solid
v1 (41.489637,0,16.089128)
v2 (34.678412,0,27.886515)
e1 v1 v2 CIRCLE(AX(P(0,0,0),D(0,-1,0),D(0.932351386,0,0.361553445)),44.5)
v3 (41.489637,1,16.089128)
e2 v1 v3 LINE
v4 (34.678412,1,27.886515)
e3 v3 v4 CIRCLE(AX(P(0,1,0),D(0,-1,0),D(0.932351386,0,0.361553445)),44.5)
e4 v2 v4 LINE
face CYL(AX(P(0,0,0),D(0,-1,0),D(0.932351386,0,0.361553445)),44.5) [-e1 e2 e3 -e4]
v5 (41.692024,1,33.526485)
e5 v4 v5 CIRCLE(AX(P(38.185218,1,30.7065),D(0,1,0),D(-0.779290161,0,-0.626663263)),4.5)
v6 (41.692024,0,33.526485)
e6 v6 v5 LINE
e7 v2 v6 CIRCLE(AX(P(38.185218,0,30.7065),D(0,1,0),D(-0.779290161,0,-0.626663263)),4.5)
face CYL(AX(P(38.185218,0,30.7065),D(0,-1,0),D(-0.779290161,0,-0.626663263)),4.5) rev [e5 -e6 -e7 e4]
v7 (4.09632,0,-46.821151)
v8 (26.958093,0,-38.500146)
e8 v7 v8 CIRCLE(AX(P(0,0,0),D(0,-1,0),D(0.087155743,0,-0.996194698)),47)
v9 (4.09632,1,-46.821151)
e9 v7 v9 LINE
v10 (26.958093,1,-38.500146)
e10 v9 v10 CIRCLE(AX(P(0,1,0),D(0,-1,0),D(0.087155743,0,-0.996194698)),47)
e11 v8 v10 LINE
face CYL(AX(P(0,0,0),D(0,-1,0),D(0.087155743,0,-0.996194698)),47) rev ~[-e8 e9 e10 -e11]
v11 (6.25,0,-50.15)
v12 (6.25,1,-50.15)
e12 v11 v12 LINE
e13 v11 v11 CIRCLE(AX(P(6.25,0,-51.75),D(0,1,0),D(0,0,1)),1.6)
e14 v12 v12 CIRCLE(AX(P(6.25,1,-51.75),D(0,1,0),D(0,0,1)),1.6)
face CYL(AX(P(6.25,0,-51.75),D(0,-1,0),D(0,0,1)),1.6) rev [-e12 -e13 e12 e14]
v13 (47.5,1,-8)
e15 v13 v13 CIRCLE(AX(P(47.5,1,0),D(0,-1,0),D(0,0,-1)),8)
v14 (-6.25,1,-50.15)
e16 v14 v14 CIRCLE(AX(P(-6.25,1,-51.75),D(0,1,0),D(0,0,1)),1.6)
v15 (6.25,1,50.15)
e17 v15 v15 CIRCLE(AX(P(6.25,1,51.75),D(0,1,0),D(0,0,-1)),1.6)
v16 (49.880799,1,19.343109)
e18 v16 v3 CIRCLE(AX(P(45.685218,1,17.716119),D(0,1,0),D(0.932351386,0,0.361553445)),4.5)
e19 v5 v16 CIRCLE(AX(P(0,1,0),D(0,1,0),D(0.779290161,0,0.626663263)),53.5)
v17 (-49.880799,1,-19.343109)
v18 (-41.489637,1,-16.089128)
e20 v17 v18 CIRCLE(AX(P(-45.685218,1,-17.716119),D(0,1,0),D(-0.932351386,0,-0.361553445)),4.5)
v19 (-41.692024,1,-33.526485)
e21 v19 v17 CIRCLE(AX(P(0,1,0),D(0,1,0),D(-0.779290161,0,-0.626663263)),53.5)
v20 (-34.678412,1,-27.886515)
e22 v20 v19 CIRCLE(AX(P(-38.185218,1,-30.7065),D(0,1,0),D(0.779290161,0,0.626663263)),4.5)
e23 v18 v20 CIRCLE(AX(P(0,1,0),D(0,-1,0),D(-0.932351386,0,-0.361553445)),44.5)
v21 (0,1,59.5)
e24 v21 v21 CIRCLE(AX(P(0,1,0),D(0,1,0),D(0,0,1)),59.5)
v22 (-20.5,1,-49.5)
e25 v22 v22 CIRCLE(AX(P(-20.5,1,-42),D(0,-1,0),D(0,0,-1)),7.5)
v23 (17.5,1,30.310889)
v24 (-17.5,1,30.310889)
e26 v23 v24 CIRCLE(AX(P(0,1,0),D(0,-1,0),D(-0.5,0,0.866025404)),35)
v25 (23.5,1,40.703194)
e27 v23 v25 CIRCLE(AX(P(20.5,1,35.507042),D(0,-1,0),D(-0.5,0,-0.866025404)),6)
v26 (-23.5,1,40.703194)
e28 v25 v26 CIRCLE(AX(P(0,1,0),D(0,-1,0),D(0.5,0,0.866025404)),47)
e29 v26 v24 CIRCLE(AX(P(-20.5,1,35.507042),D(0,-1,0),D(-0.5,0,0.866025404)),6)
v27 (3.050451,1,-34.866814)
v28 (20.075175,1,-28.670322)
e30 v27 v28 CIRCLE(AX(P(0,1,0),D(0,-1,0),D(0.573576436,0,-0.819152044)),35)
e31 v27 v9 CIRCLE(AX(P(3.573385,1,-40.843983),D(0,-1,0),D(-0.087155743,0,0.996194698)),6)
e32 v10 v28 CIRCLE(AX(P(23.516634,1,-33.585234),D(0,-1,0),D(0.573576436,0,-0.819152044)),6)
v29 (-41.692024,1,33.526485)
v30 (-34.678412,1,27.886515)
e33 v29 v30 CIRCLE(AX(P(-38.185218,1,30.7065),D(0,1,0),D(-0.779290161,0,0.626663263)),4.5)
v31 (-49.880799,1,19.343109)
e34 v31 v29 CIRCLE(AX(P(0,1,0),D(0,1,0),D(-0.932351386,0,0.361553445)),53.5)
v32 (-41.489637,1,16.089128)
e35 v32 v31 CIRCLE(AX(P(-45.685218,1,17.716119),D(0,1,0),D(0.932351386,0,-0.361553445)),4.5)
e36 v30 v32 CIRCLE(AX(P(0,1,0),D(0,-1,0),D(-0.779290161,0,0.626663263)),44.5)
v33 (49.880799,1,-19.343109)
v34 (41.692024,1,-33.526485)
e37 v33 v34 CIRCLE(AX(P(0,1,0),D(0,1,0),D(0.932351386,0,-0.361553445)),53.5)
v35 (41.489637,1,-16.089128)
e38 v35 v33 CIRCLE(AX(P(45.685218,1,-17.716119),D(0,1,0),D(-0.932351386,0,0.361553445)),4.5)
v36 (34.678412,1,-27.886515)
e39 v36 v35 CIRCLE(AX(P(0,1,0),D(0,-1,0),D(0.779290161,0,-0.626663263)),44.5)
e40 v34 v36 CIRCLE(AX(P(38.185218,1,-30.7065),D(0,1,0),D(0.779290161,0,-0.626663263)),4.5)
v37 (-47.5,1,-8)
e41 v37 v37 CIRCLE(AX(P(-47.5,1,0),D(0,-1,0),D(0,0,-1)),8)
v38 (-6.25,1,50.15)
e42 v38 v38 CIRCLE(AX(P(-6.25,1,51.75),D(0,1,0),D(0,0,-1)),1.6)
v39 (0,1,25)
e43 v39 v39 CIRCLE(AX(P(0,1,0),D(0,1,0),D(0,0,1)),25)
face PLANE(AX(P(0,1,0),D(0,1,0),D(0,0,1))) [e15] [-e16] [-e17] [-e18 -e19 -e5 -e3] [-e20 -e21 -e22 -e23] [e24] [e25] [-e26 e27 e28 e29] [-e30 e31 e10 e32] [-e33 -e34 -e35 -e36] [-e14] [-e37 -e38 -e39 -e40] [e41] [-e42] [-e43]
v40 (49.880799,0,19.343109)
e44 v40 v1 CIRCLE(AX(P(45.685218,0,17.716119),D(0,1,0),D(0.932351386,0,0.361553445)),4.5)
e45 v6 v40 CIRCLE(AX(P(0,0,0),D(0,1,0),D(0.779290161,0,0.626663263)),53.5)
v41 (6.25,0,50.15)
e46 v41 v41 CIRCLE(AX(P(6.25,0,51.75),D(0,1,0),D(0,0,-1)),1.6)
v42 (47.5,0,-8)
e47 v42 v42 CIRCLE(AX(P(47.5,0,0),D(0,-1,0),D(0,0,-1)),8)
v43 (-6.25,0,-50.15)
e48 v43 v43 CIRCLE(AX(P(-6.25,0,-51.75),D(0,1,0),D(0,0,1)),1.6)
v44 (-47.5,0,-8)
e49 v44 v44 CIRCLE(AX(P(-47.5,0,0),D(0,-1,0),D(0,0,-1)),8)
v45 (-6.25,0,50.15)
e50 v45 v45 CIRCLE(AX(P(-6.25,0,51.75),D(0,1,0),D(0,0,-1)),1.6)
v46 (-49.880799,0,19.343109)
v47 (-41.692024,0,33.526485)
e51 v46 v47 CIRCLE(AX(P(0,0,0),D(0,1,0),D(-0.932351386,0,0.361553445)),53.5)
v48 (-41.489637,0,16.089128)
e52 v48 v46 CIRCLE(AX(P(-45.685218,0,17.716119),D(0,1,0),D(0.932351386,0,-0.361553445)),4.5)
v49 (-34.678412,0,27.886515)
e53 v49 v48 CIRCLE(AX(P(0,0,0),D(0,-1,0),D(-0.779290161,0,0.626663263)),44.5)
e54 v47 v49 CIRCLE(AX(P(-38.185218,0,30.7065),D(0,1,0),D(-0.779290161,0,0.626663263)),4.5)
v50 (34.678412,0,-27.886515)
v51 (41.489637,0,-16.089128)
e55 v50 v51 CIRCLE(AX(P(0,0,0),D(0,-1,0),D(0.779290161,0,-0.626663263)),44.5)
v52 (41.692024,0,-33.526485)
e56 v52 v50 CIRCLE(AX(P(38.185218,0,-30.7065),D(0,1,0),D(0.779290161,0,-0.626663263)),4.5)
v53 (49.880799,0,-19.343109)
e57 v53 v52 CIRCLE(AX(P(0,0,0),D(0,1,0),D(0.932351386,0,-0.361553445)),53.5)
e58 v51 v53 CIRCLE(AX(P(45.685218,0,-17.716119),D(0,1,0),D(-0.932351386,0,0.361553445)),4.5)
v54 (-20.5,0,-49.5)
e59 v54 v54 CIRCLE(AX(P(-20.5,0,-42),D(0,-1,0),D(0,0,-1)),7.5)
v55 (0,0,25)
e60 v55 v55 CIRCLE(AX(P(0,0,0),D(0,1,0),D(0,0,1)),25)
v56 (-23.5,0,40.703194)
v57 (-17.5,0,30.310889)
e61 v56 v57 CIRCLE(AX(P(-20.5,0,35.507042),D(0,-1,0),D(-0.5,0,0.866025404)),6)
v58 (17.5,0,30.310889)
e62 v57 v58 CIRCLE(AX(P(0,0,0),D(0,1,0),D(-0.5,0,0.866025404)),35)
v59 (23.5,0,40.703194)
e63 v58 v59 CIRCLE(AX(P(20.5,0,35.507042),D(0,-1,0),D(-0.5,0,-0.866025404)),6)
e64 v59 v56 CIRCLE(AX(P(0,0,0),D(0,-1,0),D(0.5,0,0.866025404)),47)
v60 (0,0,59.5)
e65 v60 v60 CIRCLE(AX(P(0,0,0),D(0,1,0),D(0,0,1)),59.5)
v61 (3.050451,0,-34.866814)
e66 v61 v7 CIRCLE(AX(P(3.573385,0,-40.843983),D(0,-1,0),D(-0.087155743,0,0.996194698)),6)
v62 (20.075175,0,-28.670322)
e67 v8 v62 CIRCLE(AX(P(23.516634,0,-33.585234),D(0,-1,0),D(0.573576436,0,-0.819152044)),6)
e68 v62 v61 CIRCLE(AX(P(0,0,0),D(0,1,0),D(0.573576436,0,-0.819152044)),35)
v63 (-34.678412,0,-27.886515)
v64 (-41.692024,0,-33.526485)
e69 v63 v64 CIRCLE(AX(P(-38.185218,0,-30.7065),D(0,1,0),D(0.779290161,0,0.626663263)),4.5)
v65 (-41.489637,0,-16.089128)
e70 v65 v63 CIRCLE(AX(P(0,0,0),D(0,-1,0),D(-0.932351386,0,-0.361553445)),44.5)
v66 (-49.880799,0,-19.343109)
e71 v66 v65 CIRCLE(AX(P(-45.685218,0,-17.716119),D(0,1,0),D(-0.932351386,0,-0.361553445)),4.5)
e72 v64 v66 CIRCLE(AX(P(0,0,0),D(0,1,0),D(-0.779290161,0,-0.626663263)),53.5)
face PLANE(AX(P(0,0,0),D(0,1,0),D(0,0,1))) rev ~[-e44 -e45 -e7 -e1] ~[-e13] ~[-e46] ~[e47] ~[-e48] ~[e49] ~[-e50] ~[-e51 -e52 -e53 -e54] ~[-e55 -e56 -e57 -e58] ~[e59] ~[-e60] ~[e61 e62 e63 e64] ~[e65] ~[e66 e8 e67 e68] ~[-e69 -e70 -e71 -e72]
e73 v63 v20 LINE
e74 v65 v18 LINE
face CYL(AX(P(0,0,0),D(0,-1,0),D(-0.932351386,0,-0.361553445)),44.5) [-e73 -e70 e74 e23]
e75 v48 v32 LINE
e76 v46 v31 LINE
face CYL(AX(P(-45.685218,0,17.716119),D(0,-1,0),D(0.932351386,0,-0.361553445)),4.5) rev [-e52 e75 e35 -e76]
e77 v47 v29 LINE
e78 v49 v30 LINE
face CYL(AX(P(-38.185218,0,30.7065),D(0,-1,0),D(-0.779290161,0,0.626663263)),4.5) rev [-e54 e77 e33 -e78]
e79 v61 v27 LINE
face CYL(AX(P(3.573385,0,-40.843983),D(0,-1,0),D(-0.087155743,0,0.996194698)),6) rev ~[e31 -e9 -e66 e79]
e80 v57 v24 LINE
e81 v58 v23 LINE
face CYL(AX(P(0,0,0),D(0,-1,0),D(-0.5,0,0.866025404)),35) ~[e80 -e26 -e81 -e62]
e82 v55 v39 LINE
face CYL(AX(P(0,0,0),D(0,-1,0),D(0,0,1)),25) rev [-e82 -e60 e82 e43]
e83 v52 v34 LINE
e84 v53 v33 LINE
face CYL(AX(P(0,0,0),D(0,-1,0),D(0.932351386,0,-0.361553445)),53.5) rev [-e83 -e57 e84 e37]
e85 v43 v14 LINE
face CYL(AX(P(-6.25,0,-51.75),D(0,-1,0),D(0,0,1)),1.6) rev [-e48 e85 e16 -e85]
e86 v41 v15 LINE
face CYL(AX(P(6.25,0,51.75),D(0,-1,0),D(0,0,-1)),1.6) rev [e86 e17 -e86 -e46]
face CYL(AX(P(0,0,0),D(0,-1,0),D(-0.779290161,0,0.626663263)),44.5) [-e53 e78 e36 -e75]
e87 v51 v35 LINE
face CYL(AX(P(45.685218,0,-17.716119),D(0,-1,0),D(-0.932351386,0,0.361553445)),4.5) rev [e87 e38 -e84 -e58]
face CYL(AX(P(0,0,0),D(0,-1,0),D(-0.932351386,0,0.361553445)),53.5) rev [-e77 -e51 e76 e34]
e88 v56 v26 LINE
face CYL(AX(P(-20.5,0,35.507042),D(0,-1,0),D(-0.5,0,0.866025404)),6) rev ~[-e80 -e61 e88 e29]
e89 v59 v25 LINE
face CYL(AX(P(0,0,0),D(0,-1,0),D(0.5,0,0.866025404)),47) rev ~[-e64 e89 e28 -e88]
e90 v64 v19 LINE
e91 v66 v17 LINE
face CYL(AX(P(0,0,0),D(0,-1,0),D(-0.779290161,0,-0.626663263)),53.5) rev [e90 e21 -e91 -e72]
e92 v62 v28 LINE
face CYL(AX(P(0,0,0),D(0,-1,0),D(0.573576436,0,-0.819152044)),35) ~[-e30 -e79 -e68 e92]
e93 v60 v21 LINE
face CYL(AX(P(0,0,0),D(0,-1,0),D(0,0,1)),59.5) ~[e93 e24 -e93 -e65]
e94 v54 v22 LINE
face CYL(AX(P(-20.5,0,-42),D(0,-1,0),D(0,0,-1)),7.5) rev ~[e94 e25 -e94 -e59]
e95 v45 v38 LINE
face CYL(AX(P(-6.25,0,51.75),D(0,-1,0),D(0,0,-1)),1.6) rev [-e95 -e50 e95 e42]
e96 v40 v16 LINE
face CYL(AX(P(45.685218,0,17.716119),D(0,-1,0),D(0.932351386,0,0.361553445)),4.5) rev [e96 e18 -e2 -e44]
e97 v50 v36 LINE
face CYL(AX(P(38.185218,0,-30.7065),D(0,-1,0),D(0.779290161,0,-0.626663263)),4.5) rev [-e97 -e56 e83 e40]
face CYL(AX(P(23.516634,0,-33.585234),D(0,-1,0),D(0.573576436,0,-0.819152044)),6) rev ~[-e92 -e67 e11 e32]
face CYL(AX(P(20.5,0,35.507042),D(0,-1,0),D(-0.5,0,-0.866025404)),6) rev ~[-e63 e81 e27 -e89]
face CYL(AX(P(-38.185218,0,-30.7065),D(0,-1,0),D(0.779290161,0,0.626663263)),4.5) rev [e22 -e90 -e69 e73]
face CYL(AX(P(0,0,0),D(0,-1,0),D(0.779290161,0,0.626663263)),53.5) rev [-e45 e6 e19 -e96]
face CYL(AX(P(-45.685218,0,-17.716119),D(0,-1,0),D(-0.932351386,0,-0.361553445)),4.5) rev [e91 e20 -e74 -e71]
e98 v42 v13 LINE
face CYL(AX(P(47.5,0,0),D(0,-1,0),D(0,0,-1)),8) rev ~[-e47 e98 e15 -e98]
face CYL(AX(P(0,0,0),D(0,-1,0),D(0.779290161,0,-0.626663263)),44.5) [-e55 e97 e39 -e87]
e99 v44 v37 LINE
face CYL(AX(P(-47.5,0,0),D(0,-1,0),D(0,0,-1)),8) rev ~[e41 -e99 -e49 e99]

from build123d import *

# Parameters (mm, degrees)
SKETCH_1_R          = 59.5
SKETCH_1_R_2        = 25
SKETCH_1_R_3        = 1.6
EXTRUDE_1_DEPTH     = 1
SKETCH_2_R          = 8
SKETCH_2_R_2        = 7.5
CUT_EXTRUDE_1_DEPTH = 10


with BuildPart() as part:
    # 草图1 → 凸台-拉伸1 (new body)
    with BuildSketch(Plane(origin=(0, 0, 0), x_dir=(1, 0, 0), z_dir=(0, 1, 0))):
        with Locations(Location((0, 0, 0), (0, 0, 270))):
            Circle(SKETCH_1_R)
        with Locations(Location((0, 0, 0), (0, 0, 270))):
            Circle(SKETCH_1_R_2, mode=Mode.SUBTRACT)
        with Locations(Location((-6.25, 51.75, 0), (0, 0, 270))):
            Circle(SKETCH_1_R_3, mode=Mode.SUBTRACT)
        with Locations(Location((6.25, 51.75, 0), (0, 0, 270))):
            Circle(SKETCH_1_R_3, mode=Mode.SUBTRACT)
        with Locations(Location((6.25, -51.75, 0), (0, 0, 90))):
            Circle(SKETCH_1_R_3, mode=Mode.SUBTRACT)
        with Locations(Location((-6.25, -51.75, 0), (0, 0, 90))):
            Circle(SKETCH_1_R_3, mode=Mode.SUBTRACT)
        with BuildLine():
            ThreePointArc((49.880799132, 19.343109316), (46.332359102, 26.75), (41.692023621, 33.526484551))
            ThreePointArc((41.692023621, 33.526484551), (35.365233214, 34.213305594), (34.678412171, 27.886515187))
            ThreePointArc((34.678412171, 27.886515187), (38.538130468, 22.25), (41.489636661, 16.089128309))
            ThreePointArc((41.489636661, 16.089128309), (47.312208399, 13.520537577), (49.880799132, 19.343109316))
        make_face(mode=Mode.SUBTRACT)
        with BuildLine():
            ThreePointArc((41.692023621, -33.526484551), (46.332359102, -26.75), (49.880799132, -19.343109316))
            ThreePointArc((49.880799132, -19.343109316), (47.312208399, -13.520537577), (41.489636661, -16.089128309))
            ThreePointArc((41.489636661, -16.089128309), (38.538130468, -22.25), (34.678412171, -27.886515187))
            ThreePointArc((34.678412171, -27.886515187), (35.365233214, -34.213305594), (41.692023621, -33.526484551))
        make_face(mode=Mode.SUBTRACT)
        with BuildLine():
            ThreePointArc((-49.880799132, -19.343109316), (-46.332359102, -26.75), (-41.692023621, -33.526484551))
            ThreePointArc((-41.692023621, -33.526484551), (-35.365233214, -34.213305594), (-34.678412171, -27.886515187))
            ThreePointArc((-34.678412171, -27.886515187), (-38.538130468, -22.25), (-41.489636661, -16.089128309))
            ThreePointArc((-41.489636661, -16.089128309), (-47.312208399, -13.520537577), (-49.880799132, -19.343109316))
        make_face(mode=Mode.SUBTRACT)
        with BuildLine():
            ThreePointArc((-41.692023621, 33.526484551), (-46.332359102, 26.75), (-49.880799132, 19.343109316))
            ThreePointArc((-49.880799132, 19.343109316), (-47.312208399, 13.520537577), (-41.489636661, 16.089128309))
            ThreePointArc((-41.489636661, 16.089128309), (-38.538130468, 22.25), (-34.678412171, 27.886515187))
            ThreePointArc((-34.678412171, 27.886515187), (-35.365233214, 34.213305594), (-41.692023621, 33.526484551))
        make_face(mode=Mode.SUBTRACT)
    extrude(amount=EXTRUDE_1_DEPTH)

    # 草图2 → 切除-拉伸1 (cut)
    with BuildSketch(Plane.XZ):
        with Locations(Location((47.5, 0, 0), (0, 0, 270))):
            Circle(SKETCH_2_R)
        with Locations(Location((-47.5, 0, 0), (0, 0, 270))):
            Circle(SKETCH_2_R)
        with Locations(Location((-20.5, -42, 0), (0, 0, 270))):
            Circle(SKETCH_2_R_2)
        with BuildLine():
            ThreePointArc((4.096319909, -46.82115081), (16.074946736, -44.165553177), (26.958092508, -38.500146082))
            ThreePointArc((26.958092508, -38.500146082), (28.431546156, -30.143775198), (20.075175272, -28.67032155))
            ThreePointArc((20.075175272, -28.67032155), (11.970705016, -32.889241728), (3.050450996, -34.866814433))
            ThreePointArc((3.050450996, -34.866814433), (-2.403782736, -41.366917078), (4.096319909, -46.82115081))
        make_face()
        with BuildLine():
            ThreePointArc((23.5, 40.703193978), (0, 47), (-23.5, 40.703193978))
            ThreePointArc((-23.5, 40.703193978), (-25.696152423, 32.507041555), (-17.5, 30.310889132))
            ThreePointArc((-17.5, 30.310889132), (0, 35), (17.5, 30.310889132))
            ThreePointArc((17.5, 30.310889132), (25.696152423, 32.507041555), (23.5, 40.703193978))
        make_face()
    extrude(amount=-CUT_EXTRUDE_1_DEPTH, mode=Mode.SUBTRACT)


solid = part.part
